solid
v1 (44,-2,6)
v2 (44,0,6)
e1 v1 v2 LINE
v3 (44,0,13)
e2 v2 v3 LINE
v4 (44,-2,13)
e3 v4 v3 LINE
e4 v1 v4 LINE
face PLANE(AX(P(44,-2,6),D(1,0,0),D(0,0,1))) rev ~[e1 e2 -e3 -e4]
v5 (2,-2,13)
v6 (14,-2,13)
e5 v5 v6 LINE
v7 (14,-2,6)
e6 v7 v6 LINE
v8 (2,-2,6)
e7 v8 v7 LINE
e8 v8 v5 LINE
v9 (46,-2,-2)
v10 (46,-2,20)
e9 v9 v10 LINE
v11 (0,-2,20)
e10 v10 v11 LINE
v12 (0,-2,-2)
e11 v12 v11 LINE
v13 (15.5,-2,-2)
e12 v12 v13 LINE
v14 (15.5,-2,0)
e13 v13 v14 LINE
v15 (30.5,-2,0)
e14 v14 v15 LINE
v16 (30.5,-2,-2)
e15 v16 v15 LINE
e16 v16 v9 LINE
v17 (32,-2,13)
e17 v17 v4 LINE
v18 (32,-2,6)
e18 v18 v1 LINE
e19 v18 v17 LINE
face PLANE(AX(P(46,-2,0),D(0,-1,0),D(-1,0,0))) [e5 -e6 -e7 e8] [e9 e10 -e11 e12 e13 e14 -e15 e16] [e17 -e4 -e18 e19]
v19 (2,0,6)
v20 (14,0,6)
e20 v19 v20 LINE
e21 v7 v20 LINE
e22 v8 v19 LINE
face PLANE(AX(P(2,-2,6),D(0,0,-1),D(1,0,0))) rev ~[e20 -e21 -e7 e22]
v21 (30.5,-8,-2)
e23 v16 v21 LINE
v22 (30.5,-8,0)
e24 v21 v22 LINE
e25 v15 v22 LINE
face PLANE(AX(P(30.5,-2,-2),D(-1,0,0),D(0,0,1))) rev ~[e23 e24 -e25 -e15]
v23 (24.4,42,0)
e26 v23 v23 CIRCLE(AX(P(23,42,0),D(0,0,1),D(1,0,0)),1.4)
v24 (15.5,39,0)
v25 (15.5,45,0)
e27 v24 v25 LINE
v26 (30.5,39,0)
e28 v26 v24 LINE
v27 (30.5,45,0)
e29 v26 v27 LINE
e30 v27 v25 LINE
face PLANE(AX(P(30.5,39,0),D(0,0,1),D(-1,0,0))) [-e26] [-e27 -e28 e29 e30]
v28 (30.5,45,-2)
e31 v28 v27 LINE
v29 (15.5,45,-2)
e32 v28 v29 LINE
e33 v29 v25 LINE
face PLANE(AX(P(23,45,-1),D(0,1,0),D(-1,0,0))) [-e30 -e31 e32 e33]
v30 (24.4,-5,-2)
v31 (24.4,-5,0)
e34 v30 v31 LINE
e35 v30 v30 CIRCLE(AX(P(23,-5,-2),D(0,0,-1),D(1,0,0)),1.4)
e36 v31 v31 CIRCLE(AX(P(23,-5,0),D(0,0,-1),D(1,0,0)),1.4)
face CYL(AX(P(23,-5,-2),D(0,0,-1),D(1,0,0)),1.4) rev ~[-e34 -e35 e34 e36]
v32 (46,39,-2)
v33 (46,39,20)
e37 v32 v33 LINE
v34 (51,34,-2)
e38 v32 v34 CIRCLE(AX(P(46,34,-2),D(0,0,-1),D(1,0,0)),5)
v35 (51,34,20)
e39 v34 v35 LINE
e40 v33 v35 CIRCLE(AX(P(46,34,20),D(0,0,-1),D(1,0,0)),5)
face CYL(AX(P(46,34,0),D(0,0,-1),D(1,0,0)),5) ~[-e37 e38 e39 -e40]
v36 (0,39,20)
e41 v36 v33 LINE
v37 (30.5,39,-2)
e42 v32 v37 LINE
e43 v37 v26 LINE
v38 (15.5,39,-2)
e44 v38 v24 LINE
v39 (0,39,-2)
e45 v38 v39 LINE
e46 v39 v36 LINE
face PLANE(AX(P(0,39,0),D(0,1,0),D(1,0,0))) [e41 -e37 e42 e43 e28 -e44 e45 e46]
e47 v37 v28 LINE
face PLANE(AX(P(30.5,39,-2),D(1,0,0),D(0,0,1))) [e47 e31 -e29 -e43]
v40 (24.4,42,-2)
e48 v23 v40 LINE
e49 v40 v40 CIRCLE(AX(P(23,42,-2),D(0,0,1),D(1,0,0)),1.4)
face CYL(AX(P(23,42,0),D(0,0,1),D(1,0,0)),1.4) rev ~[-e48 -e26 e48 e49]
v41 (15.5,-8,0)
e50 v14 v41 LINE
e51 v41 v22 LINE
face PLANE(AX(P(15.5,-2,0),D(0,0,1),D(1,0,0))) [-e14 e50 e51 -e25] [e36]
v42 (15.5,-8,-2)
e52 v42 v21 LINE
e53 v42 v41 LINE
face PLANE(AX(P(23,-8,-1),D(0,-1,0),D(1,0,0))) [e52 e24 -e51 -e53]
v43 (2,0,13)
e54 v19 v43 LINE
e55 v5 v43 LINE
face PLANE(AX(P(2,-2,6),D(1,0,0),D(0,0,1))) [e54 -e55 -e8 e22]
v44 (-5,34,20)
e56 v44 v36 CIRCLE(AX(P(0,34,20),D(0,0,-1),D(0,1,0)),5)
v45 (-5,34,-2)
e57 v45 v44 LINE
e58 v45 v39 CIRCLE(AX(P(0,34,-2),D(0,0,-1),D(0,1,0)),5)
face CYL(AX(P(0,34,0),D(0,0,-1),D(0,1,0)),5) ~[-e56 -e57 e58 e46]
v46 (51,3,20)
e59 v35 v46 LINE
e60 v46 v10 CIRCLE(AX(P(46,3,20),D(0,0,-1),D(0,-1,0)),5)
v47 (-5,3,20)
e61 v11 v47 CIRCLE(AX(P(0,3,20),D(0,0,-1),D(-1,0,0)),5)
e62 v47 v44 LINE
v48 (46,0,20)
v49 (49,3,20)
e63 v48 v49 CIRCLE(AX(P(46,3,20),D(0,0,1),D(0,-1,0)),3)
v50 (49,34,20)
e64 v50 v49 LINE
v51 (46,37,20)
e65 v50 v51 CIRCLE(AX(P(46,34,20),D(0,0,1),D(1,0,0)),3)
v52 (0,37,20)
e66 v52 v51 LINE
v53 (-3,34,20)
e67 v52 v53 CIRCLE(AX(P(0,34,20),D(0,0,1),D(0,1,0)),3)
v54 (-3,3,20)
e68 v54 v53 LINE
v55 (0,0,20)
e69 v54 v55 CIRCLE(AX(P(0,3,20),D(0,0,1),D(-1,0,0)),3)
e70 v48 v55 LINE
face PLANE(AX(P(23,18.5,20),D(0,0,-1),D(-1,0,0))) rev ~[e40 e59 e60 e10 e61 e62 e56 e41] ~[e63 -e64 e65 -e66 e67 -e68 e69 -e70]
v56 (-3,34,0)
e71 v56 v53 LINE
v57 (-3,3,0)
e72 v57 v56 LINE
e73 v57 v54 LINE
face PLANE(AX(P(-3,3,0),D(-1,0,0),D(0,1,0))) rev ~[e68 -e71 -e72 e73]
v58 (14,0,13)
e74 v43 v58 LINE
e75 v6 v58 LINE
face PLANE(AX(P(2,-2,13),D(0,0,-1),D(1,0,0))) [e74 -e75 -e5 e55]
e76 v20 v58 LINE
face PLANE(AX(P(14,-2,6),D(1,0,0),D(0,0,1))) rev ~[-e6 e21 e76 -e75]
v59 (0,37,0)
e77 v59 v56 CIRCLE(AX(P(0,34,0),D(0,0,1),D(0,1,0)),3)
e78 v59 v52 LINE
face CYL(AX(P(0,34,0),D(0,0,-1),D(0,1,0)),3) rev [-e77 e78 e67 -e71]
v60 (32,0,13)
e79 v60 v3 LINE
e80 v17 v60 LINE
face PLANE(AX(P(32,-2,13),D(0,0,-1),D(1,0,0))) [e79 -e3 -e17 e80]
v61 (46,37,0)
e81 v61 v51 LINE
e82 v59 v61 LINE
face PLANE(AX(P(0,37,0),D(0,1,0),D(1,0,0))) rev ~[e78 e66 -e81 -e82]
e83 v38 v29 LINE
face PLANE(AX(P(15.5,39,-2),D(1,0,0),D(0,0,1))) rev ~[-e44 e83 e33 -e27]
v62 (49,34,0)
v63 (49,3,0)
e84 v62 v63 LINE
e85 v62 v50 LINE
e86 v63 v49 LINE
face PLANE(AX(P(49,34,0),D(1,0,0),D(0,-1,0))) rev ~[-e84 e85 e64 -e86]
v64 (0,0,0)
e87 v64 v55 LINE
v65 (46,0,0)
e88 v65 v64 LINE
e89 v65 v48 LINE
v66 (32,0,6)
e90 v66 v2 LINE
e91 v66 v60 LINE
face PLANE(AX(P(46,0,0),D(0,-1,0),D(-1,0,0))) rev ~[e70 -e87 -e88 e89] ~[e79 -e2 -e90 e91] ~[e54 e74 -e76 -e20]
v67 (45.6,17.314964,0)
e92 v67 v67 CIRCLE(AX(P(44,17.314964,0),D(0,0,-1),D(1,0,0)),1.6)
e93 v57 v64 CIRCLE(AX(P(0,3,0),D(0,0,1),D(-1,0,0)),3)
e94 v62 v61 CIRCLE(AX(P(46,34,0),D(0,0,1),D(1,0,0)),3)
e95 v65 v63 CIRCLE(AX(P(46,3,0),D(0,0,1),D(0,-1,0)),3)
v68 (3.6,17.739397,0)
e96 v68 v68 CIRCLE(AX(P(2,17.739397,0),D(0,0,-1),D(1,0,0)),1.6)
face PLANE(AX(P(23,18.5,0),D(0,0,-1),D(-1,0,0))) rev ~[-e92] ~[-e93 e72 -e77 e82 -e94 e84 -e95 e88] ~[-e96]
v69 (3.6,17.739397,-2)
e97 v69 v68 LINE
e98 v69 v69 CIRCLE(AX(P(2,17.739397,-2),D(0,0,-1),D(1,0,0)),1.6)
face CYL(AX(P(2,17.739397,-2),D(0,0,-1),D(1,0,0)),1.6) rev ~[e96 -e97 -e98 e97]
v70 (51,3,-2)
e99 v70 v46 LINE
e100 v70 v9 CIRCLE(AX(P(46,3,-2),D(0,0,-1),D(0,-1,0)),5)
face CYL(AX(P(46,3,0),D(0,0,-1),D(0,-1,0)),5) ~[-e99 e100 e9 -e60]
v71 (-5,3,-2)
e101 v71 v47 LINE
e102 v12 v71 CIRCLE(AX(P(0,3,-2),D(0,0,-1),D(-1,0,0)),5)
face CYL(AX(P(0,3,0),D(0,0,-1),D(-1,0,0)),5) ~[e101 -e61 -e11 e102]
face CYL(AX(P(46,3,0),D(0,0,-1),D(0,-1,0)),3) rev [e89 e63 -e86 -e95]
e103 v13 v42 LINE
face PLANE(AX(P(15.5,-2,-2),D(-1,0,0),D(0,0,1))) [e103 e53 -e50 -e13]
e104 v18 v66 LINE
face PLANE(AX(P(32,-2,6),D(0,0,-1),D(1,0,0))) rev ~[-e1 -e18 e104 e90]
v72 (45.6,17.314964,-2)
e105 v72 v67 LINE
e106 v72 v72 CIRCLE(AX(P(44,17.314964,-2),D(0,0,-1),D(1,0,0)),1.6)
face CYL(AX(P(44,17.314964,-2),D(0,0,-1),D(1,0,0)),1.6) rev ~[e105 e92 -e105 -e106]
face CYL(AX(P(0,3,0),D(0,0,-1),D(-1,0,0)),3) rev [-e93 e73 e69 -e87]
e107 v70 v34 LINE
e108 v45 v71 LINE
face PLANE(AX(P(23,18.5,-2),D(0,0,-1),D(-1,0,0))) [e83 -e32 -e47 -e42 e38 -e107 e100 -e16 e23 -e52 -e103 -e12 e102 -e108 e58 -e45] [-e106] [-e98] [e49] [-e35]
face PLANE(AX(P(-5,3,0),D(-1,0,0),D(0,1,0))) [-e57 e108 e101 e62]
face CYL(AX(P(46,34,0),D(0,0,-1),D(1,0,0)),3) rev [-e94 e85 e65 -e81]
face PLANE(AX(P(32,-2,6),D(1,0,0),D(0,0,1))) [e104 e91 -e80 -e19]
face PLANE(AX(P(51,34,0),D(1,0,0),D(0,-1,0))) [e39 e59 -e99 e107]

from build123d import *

# Parameters (mm, degrees)
PAD_DEPTH       = 20
THICKNESS_T     = 2
SKETCH001_W     = 15
SKETCH001_H     = 2
PAD001_DEPTH    = 6
SKETCH002_R     = 1.4
POCKET_DEPTH    = 2.001
SKETCH003_W     = 15
SKETCH003_H     = 2
PAD002_DEPTH    = 6
SKETCH004_R     = 1.4
POCKET001_DEPTH = 22.001
SKETCH005_R     = 1.6
POCKET002_DEPTH = 22.001
SKETCH006_W     = 12
SKETCH006_H     = 7
POCKET003_DEPTH = 2


with BuildPart() as part:
    # Sketch → Pad (new body)
    with BuildSketch(Plane.XY):
        with BuildLine():
            Line((0, 37), (46, 37))
            ThreePointArc((49, 34), (48.1213203436, 36.1213203436), (46, 37))
            Line((49, 34), (49, 3))
            ThreePointArc((46, 0), (48.1213203436, 0.8786796564), (49, 3))
            Line((46, 0), (0, 0))
            ThreePointArc((-3, 3), (-2.1213203436, 0.8786796564), (0, 0))
            Line((-3, 3), (-3, 34))
            ThreePointArc((0, 37), (-2.1213203436, 36.1213203436), (-3, 34))
        make_face()
    extrude(amount=PAD_DEPTH)

    # Thickness
    thickness_openings = [part.faces().sort_by_distance(p)[0] for p in [
        (23, 18.5, 20),
    ]]
    offset(amount=THICKNESS_T, openings=thickness_openings, kind=Kind.INTERSECTION)

    # Sketch001 → Pad001 (new body)
    with BuildSketch(Plane(origin=(0, 39, 0), x_dir=(-1, 0, 0), z_dir=(0, 1, 0))):
        with Locations((-23, -1)):
            Rectangle(SKETCH001_W, SKETCH001_H)
    extrude(amount=PAD001_DEPTH)

    # Sketch002 → Pocket (cut, through all)
    with BuildSketch(Plane.XY):
        with Locations((23, 42)):
            Circle(SKETCH002_R)
    extrude(amount=-POCKET_DEPTH, mode=Mode.SUBTRACT)

    # Sketch003 → Pad002 (new body)
    with BuildSketch(Plane.XZ.offset(2)):
        with Locations((23, -1)):
            Rectangle(SKETCH003_W, SKETCH003_H)
    extrude(amount=PAD002_DEPTH)

    # Sketch004 → Pocket001 (cut, through all)
    with BuildSketch(Plane(origin=(0, 0, -2), x_dir=(1, 0, 0), z_dir=(0, 0, -1))):
        with Locations((23, 5)):
            Circle(SKETCH004_R)
    extrude(amount=-POCKET001_DEPTH, mode=Mode.SUBTRACT)

    # Sketch005 → Pocket002 (cut, through all)
    with BuildSketch(Plane(origin=(0, 0, -2), x_dir=(1, 0, 0), z_dir=(0, 0, -1))):
        with Locations((2, -17.739397)):
            Circle(SKETCH005_R)
        with Locations((44, -17.314964)):
            Circle(SKETCH005_R)
    extrude(amount=-POCKET002_DEPTH, mode=Mode.SUBTRACT)

    # Sketch006 → Pocket003 (cut)
    with BuildSketch(Plane.XZ.offset(2)):
        with Locations((8, 9.5)):
            Rectangle(SKETCH006_W, SKETCH006_H)
        with Locations((38, 9.5)):
            Rectangle(SKETCH006_W, SKETCH006_H)
    extrude(amount=-POCKET003_DEPTH, mode=Mode.SUBTRACT)


solid = part.part
